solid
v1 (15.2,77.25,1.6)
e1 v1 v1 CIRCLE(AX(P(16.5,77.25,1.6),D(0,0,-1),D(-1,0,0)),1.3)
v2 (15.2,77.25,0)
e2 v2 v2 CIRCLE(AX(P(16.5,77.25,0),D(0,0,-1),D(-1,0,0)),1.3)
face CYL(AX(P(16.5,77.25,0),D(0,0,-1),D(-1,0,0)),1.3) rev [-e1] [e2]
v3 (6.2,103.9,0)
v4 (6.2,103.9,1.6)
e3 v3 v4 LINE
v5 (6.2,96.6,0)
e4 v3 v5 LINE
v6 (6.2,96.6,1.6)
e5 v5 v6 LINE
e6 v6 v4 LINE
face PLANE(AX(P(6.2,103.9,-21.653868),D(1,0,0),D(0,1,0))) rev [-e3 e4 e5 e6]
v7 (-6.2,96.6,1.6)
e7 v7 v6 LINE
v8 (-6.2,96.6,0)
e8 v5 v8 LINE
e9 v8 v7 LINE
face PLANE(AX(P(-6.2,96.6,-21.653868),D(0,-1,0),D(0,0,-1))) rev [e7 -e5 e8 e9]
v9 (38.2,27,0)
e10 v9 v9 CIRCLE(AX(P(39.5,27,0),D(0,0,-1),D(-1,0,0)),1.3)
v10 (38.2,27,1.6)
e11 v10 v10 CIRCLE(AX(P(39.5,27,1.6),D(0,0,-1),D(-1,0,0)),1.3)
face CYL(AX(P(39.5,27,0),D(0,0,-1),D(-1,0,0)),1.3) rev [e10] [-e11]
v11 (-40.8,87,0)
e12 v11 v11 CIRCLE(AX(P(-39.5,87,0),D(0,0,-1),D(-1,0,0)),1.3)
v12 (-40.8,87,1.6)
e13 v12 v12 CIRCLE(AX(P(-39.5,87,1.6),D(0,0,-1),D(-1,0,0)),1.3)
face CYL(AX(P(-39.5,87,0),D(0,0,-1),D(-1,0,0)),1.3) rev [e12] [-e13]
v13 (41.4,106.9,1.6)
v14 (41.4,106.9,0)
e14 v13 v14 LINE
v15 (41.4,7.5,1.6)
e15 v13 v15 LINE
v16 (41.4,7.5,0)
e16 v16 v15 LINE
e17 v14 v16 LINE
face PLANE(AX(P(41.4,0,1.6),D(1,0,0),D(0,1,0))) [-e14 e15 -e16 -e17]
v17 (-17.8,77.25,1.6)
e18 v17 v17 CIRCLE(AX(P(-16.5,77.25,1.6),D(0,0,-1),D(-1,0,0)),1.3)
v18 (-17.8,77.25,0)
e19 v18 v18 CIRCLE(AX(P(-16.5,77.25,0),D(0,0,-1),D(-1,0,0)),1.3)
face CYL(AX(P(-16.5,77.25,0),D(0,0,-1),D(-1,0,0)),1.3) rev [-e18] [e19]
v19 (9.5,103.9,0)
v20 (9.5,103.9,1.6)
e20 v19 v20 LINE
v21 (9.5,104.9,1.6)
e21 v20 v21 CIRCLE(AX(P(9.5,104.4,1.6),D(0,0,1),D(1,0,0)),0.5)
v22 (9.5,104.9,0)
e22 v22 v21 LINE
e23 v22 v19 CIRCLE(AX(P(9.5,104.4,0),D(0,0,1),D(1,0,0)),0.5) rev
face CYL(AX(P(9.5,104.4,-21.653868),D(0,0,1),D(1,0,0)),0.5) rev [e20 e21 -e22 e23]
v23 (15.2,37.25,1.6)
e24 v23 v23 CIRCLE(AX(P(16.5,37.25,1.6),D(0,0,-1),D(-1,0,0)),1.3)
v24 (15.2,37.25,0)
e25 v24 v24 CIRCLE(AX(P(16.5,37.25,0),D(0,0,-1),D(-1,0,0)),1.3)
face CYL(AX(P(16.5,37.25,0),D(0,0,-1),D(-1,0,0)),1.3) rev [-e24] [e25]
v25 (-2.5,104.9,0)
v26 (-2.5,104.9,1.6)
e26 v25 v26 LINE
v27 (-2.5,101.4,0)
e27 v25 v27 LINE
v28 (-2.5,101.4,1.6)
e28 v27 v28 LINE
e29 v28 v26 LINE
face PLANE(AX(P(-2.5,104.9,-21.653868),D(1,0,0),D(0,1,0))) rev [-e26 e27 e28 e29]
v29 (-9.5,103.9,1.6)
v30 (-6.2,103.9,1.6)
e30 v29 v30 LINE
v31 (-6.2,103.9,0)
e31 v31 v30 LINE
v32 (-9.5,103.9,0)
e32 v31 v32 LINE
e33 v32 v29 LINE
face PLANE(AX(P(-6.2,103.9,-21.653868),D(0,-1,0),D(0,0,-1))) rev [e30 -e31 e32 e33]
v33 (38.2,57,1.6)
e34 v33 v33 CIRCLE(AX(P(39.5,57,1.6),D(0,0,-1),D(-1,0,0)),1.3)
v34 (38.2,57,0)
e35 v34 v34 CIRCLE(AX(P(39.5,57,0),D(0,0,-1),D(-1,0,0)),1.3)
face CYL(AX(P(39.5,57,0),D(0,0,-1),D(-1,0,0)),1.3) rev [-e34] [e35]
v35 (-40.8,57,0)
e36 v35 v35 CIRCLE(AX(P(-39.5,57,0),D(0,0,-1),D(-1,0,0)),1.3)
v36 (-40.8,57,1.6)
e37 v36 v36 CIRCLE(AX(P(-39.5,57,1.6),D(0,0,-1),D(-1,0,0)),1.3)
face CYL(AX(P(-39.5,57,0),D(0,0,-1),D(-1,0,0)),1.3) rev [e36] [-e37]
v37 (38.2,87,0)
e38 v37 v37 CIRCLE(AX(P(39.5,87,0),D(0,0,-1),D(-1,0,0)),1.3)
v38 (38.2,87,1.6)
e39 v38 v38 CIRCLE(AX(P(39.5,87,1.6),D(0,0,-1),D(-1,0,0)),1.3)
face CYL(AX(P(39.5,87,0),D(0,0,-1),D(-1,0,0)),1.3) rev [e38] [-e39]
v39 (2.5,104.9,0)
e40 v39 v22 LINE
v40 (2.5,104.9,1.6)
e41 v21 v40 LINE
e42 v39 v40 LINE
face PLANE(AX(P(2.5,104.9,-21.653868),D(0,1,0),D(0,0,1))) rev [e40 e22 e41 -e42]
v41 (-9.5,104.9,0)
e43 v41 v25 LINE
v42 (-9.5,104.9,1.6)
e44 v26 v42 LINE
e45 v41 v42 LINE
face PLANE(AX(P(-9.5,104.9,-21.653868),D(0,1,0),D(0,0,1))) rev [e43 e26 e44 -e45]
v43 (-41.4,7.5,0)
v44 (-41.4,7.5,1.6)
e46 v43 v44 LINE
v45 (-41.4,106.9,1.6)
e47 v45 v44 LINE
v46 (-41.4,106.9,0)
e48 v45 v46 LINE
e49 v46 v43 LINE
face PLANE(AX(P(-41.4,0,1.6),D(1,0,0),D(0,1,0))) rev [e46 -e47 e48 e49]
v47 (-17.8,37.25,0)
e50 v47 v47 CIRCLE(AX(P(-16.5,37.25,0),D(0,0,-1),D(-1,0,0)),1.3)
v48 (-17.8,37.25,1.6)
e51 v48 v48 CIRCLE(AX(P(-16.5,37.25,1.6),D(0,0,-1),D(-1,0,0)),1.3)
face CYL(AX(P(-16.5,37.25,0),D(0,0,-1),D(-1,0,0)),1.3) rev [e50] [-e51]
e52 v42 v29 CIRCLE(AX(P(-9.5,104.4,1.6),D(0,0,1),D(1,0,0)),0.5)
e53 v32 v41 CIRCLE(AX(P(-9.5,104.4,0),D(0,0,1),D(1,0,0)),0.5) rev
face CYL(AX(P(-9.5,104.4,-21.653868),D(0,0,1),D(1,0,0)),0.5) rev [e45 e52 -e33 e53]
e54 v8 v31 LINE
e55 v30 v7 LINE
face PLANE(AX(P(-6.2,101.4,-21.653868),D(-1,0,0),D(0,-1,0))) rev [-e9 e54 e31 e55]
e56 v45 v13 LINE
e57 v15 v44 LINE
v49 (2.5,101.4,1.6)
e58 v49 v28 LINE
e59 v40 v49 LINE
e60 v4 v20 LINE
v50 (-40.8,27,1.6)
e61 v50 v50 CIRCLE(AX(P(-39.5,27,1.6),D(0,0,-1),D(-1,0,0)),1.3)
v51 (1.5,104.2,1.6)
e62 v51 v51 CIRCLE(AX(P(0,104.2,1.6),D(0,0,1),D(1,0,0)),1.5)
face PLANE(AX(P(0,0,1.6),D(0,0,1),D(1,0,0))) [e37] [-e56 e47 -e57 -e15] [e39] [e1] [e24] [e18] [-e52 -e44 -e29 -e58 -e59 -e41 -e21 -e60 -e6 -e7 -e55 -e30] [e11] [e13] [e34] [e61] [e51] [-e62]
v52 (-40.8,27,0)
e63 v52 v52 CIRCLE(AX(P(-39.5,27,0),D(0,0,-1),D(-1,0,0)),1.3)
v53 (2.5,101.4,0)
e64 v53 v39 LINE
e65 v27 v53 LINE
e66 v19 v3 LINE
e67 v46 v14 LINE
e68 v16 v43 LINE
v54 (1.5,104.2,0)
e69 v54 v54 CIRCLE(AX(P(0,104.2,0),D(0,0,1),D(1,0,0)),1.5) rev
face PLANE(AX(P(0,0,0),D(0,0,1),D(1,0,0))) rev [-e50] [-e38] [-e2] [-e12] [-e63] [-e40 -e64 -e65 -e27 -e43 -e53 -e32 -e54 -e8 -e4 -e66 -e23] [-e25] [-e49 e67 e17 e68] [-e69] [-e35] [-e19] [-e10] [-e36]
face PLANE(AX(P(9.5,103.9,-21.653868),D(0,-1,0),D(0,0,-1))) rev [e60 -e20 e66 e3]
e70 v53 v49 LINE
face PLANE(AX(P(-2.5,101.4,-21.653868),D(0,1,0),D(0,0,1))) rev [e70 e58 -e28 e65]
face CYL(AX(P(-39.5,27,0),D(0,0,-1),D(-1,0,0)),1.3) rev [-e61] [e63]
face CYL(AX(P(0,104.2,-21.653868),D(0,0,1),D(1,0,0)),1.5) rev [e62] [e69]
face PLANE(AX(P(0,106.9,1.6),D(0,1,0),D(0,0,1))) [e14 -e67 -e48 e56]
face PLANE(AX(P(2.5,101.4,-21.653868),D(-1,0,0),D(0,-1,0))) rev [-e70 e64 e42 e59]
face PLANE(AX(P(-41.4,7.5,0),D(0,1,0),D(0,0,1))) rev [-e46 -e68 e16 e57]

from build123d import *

# Parameters (mm, degrees)
SKETCH1_W               = 82.8
SKETCH1_H               = 213.8
SKETCH1_R               = 0.8
PCB_EXTRUDE_DEPTH       = 1.6
SKETCH3_R               = 1.5
SOLAR_HOLE_DEPTH        = 1.6
CUT_EXTRUDE1_DEPTH      = 115.647852139
CUT_EXTRUDE1_DEPTH_BACK = 115.647852139
SKETCH8_W               = 82.8
SKETCH8_H               = 114.4
M2_CLEARANCE_HOLE1_D    = 2.6


with BuildPart() as part:
    # Sketch1 → pcb extrude (new body)
    with BuildSketch(Plane.XY):
        Rectangle(SKETCH1_W, SKETCH1_H)
        with Locations((-39.5, -27)):
            Circle(SKETCH1_R, mode=Mode.SUBTRACT)
        with Locations((39.5, -27)):
            Circle(SKETCH1_R, mode=Mode.SUBTRACT)
        with Locations((-39.5, 87)):
            Circle(SKETCH1_R, mode=Mode.SUBTRACT)
        with Locations((-39.5, 57)):
            Circle(SKETCH1_R, mode=Mode.SUBTRACT)
        with Locations((-39.5, 27)):
            Circle(SKETCH1_R, mode=Mode.SUBTRACT)
        with Locations((-39.5, -57)):
            Circle(SKETCH1_R, mode=Mode.SUBTRACT)
        with Locations((-39.5, -87)):
            Circle(SKETCH1_R, mode=Mode.SUBTRACT)
        with Locations((0, -104.2)):
            Circle(SKETCH1_R, mode=Mode.SUBTRACT)
        with Locations((39.5, -87)):
            Circle(SKETCH1_R, mode=Mode.SUBTRACT)
        with Locations((39.5, -57)):
            Circle(SKETCH1_R, mode=Mode.SUBTRACT)
        with Locations((39.5, 27)):
            Circle(SKETCH1_R, mode=Mode.SUBTRACT)
        with Locations((39.5, 57)):
            Circle(SKETCH1_R, mode=Mode.SUBTRACT)
        with Locations((39.5, 87)):
            Circle(SKETCH1_R, mode=Mode.SUBTRACT)
        with Locations((0, 104.2)):
            Circle(SKETCH1_R, mode=Mode.SUBTRACT)
    extrude(amount=PCB_EXTRUDE_DEPTH)

    # Sketch3 → Solar Hole (cut)
    with BuildSketch(Plane.XY.offset(1.6)):
        with Locations((0, 104.2)):
            Circle(SKETCH3_R)
        with BuildLine():
            Line((-2.5, 101.4), (2.5, 101.4))
            Line((2.5, 101.4), (2.5, 104.9))
            Line((2.5, 104.9), (9.5, 104.9))
            ThreePointArc((9.5, 104.9), (10, 104.4), (9.5, 103.9))
            Line((9.5, 103.9), (6.2, 103.9))
            Line((6.2, 103.9), (6.2, 101.4))
            Line((6.2, 101.4), (6.2, 96.6))
            Line((6.2, 96.6), (-6.2, 96.6))
            Line((-6.2, 96.6), (-6.2, 101.4))
            Line((-6.2, 101.4), (-6.2, 103.9))
            Line((-6.2, 103.9), (-9.5, 103.9))
            ThreePointArc((-9.5, 103.9), (-10, 104.4), (-9.5, 104.9))
            Line((-9.5, 104.9), (-2.5, 104.9))
            Line((-2.5, 104.9), (-2.5, 101.4))
        make_face()
    extrude(amount=-SOLAR_HOLE_DEPTH, mode=Mode.SUBTRACT)

    # Sketch8 → Cut-Extrude1 (cut, two sides: drawn at the far end of the back side and taken through both)
    with BuildSketch(Plane.XY.offset(1.6).offset(-CUT_EXTRUDE1_DEPTH_BACK)):
        with Locations((0, -49.7)):
            Rectangle(SKETCH8_W, SKETCH8_H)
    extrude(amount=CUT_EXTRUDE1_DEPTH + CUT_EXTRUDE1_DEPTH_BACK, mode=Mode.SUBTRACT)

    # M2 Clearance Hole1 (through all)
    with Locations(Plane(origin=(0, 0, 0), x_dir=(-1, 0, 0), z_dir=(0, 0, -1))):
        with Locations((39.5, 87), (-39.5, 87), (39.5, 57), (-39.5, 57), (39.5, 27), (-39.5, 27), (16.5, 77.25), (-16.5, 77.25), (-16.5, 37.25), (16.5, 37.25)):
            Hole(M2_CLEARANCE_HOLE1_D / 2)


solid = part.part
